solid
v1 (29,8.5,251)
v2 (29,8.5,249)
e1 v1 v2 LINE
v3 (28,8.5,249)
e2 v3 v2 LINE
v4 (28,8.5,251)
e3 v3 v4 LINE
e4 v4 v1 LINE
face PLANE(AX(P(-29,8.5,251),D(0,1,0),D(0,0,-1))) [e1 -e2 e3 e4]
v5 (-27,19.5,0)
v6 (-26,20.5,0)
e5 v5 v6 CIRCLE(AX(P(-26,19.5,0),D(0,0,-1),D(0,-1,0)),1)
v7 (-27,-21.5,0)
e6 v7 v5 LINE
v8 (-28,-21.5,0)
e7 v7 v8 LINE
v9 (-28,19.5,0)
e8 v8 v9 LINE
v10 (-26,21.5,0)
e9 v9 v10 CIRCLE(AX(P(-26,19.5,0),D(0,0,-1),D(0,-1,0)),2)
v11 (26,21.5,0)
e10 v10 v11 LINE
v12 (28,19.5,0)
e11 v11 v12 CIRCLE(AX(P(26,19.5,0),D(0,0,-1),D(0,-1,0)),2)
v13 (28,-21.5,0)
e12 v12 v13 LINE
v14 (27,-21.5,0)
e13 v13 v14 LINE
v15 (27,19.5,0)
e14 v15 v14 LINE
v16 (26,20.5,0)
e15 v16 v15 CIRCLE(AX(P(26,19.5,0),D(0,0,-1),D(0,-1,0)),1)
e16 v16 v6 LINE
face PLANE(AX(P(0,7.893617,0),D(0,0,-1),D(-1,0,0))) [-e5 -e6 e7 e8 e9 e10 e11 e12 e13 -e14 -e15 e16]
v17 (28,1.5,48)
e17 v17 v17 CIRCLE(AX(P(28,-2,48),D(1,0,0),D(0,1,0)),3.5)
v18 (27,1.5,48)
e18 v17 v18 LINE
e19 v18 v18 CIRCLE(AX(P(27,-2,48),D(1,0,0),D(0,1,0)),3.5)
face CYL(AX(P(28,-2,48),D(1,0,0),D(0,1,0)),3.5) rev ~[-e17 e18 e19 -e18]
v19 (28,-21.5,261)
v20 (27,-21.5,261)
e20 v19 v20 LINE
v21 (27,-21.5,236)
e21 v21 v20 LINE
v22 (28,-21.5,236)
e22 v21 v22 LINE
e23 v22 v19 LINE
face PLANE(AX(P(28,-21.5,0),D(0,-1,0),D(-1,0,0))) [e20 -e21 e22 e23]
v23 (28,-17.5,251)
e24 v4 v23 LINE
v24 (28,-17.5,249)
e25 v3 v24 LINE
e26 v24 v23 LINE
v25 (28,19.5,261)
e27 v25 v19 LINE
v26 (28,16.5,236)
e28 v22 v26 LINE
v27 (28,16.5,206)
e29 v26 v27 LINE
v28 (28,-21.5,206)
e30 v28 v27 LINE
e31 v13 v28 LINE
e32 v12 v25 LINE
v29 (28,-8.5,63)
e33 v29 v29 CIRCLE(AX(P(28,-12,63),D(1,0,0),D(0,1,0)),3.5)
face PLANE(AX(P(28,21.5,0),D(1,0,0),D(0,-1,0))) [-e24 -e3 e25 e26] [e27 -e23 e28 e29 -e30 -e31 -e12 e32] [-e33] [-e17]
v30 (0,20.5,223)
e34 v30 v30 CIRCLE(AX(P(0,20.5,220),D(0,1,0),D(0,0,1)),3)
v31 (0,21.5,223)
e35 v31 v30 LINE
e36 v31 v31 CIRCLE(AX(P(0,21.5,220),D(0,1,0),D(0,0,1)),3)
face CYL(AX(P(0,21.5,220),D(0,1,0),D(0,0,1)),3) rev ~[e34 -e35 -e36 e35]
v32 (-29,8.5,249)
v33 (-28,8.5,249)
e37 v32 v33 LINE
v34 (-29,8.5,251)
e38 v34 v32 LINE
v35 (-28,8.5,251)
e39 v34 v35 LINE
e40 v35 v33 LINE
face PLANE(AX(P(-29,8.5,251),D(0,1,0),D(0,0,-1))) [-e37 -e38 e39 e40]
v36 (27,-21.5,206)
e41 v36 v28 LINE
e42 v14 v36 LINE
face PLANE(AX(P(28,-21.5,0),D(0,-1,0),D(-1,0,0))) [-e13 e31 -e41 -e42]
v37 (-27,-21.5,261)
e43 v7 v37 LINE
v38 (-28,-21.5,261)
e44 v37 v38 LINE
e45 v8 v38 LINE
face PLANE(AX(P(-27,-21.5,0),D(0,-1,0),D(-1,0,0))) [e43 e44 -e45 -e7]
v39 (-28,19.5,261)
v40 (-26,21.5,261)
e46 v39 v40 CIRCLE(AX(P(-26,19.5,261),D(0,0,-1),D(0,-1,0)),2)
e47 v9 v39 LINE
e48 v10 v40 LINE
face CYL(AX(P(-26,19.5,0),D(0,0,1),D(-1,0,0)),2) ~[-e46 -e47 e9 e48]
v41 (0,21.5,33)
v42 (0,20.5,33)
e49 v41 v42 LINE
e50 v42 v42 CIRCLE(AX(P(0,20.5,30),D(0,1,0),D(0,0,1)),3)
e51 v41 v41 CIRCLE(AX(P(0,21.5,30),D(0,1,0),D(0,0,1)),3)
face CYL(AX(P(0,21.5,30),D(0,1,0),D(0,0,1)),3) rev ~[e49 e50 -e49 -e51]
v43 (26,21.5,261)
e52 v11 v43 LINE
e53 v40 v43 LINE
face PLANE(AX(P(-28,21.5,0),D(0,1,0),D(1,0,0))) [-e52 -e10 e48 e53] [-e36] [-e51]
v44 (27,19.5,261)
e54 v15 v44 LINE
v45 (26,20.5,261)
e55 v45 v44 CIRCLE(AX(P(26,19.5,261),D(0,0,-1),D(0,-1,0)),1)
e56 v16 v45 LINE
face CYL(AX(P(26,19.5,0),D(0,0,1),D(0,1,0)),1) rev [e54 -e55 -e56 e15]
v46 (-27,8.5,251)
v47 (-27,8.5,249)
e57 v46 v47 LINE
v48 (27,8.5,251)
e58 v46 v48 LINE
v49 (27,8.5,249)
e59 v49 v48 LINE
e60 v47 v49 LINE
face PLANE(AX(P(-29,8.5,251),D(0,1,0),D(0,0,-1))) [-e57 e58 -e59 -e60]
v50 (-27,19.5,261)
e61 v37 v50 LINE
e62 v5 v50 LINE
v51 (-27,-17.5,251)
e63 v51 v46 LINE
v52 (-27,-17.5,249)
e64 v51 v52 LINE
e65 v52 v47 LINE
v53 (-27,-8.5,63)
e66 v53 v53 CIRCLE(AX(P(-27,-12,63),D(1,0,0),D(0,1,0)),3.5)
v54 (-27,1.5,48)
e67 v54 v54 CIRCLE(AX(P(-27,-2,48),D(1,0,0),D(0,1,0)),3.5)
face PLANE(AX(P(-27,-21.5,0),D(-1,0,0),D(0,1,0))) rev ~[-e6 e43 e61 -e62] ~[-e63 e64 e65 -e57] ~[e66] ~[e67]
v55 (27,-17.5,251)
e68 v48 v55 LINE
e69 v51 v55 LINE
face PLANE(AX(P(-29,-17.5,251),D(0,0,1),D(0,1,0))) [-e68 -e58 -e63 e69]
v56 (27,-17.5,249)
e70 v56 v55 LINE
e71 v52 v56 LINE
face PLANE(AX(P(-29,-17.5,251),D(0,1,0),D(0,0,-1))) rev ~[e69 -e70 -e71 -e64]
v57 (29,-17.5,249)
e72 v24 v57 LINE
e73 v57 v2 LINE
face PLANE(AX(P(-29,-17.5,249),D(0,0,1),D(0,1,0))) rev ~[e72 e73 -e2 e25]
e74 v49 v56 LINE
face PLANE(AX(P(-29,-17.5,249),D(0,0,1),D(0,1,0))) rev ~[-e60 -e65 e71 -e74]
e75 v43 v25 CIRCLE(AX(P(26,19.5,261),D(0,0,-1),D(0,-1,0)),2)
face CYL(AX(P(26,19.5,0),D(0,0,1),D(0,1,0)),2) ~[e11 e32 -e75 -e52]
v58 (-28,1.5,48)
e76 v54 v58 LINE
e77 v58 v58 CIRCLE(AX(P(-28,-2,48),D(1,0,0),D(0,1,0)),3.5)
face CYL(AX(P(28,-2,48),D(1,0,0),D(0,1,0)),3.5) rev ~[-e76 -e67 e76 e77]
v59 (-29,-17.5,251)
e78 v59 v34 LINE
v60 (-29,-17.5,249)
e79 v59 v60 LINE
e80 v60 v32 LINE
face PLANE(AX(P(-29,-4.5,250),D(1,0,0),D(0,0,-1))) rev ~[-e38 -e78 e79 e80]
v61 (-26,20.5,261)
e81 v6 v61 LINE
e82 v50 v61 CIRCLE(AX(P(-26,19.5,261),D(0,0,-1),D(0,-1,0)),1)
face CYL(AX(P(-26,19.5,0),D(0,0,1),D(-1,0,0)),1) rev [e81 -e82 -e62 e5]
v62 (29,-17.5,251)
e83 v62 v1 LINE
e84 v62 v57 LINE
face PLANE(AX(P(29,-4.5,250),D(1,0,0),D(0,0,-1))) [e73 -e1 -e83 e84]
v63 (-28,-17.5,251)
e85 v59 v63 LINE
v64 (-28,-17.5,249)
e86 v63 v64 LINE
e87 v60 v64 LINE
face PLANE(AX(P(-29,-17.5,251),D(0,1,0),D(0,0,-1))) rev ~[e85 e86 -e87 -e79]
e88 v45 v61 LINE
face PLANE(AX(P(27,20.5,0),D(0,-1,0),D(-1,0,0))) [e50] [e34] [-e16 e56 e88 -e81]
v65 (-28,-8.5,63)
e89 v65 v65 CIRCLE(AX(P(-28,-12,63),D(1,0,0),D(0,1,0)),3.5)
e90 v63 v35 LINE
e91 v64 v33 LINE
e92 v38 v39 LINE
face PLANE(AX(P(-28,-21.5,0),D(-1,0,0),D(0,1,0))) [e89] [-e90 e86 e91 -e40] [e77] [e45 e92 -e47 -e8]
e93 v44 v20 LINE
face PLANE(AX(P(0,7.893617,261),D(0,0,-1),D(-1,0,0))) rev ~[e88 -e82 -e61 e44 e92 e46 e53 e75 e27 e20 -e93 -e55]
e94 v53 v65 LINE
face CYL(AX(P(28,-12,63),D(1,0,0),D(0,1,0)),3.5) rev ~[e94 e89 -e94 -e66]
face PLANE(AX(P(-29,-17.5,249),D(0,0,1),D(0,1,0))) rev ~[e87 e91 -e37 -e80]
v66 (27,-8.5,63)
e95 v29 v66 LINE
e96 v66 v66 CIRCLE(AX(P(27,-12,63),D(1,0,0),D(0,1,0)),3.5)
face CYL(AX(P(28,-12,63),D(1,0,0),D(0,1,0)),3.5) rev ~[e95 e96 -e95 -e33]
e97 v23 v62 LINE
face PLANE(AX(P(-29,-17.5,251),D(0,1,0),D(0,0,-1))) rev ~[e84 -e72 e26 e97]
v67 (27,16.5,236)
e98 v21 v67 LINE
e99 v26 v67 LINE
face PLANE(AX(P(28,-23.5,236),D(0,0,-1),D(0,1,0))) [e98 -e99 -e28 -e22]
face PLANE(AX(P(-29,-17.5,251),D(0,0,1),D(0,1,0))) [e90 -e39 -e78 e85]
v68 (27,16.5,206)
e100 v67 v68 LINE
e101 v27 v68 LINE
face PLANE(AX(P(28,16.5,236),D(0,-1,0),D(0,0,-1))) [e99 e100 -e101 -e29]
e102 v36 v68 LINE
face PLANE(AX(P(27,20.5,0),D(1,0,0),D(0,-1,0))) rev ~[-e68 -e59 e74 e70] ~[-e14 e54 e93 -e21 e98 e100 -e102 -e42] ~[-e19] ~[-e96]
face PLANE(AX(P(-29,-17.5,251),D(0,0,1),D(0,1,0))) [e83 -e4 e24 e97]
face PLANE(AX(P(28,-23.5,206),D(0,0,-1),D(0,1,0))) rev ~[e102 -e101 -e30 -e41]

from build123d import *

# Parameters (mm, degrees)
BOSS_EXTRUDE1_DEPTH      = 261
FILLET1_R                = 2
FILLET2_R                = 1
BOSS_EXTRUDE2_DEPTH      = 56
BOSS_EXTRUDE2_DEPTH_BACK = 2
SKETCH2_W                = 2
SKETCH2_H                = 26
SKETCH3_R                = 3
CUT_EXTRUDE1_DEPTH       = 11
SKETCH4_W                = 30
SKETCH4_H                = 40
CUT_EXTRUDE2_DEPTH       = 10
SKETCH5_R                = 3.5
CUT_EXTRUDE3_DEPTH       = 76


with BuildPart() as part:
    # Sketch1 → Boss-Extrude1 (new body)
    with BuildSketch(Plane.XY):
        Polygon((27, -21.5), (27, -20.5), (27, 20.5), (-27, 20.5), (-27, -20.5), (-27, -21.5), (-28, -21.5), (-28, 21.5), (28, 21.5), (28, -21.5), align=None)
    extrude(amount=BOSS_EXTRUDE1_DEPTH)

    # Fillet1
    fillet1_edges = [part.edges().sort_by_distance(p)[0] for p in [
        (-28, 21.5, 130.5),
        (28, 21.5, 130.5),
    ]]
    fillet(fillet1_edges, radius=FILLET1_R)

    # Fillet2
    fillet2_edges = [part.edges().sort_by_distance(p)[0] for p in [
        (27, 20.5, 130.5),
        (-27, 20.5, 130.5),
    ]]
    fillet(fillet2_edges, radius=FILLET2_R)

    # Sketch2 → Boss-Extrude2 (add, two sides: drawn at the far end of the back side and taken through both)
    with BuildSketch(Plane(origin=(-27, 0, 0), x_dir=(0, 0, -1), z_dir=(1, 0, 0)).offset(-BOSS_EXTRUDE2_DEPTH_BACK)):
        with Locations((-250, -4.5)):
            Rectangle(SKETCH2_W, SKETCH2_H)
    extrude(amount=BOSS_EXTRUDE2_DEPTH + BOSS_EXTRUDE2_DEPTH_BACK)

    # Sketch3 → Cut-Extrude1 (cut)
    with BuildSketch(Plane(origin=(0, 21.5, 0), x_dir=(1, 0, 0), z_dir=(0, 1, 0))):
        with Locations(Location((0, -30, 0), (0, 0, 270))):
            Circle(SKETCH3_R)
        with Locations(Location((0, -220, 0), (0, 0, 270))):
            Circle(SKETCH3_R)
    extrude(amount=-CUT_EXTRUDE1_DEPTH, mode=Mode.SUBTRACT)

    # Sketch4 → Cut-Extrude2 (cut)
    with BuildSketch(Plane(origin=(28, 0, 0), x_dir=(0, 0, -1), z_dir=(1, 0, 0))):
        with Locations((-221, -3.5)):
            Rectangle(SKETCH4_W, SKETCH4_H)
    extrude(amount=-CUT_EXTRUDE2_DEPTH, mode=Mode.SUBTRACT)

    # Sketch5 → Cut-Extrude3 (cut)
    with BuildSketch(Plane(origin=(28, 0, 0), x_dir=(0, 0, -1), z_dir=(1, 0, 0))):
        with Locations(Location((-48, -2, 0), (0, 0, 90))):
            Circle(SKETCH5_R)
        with Locations(Location((-63, -12, 0), (0, 0, 90))):
            Circle(SKETCH5_R)
    extrude(amount=-CUT_EXTRUDE3_DEPTH, mode=Mode.SUBTRACT)


solid = part.part
